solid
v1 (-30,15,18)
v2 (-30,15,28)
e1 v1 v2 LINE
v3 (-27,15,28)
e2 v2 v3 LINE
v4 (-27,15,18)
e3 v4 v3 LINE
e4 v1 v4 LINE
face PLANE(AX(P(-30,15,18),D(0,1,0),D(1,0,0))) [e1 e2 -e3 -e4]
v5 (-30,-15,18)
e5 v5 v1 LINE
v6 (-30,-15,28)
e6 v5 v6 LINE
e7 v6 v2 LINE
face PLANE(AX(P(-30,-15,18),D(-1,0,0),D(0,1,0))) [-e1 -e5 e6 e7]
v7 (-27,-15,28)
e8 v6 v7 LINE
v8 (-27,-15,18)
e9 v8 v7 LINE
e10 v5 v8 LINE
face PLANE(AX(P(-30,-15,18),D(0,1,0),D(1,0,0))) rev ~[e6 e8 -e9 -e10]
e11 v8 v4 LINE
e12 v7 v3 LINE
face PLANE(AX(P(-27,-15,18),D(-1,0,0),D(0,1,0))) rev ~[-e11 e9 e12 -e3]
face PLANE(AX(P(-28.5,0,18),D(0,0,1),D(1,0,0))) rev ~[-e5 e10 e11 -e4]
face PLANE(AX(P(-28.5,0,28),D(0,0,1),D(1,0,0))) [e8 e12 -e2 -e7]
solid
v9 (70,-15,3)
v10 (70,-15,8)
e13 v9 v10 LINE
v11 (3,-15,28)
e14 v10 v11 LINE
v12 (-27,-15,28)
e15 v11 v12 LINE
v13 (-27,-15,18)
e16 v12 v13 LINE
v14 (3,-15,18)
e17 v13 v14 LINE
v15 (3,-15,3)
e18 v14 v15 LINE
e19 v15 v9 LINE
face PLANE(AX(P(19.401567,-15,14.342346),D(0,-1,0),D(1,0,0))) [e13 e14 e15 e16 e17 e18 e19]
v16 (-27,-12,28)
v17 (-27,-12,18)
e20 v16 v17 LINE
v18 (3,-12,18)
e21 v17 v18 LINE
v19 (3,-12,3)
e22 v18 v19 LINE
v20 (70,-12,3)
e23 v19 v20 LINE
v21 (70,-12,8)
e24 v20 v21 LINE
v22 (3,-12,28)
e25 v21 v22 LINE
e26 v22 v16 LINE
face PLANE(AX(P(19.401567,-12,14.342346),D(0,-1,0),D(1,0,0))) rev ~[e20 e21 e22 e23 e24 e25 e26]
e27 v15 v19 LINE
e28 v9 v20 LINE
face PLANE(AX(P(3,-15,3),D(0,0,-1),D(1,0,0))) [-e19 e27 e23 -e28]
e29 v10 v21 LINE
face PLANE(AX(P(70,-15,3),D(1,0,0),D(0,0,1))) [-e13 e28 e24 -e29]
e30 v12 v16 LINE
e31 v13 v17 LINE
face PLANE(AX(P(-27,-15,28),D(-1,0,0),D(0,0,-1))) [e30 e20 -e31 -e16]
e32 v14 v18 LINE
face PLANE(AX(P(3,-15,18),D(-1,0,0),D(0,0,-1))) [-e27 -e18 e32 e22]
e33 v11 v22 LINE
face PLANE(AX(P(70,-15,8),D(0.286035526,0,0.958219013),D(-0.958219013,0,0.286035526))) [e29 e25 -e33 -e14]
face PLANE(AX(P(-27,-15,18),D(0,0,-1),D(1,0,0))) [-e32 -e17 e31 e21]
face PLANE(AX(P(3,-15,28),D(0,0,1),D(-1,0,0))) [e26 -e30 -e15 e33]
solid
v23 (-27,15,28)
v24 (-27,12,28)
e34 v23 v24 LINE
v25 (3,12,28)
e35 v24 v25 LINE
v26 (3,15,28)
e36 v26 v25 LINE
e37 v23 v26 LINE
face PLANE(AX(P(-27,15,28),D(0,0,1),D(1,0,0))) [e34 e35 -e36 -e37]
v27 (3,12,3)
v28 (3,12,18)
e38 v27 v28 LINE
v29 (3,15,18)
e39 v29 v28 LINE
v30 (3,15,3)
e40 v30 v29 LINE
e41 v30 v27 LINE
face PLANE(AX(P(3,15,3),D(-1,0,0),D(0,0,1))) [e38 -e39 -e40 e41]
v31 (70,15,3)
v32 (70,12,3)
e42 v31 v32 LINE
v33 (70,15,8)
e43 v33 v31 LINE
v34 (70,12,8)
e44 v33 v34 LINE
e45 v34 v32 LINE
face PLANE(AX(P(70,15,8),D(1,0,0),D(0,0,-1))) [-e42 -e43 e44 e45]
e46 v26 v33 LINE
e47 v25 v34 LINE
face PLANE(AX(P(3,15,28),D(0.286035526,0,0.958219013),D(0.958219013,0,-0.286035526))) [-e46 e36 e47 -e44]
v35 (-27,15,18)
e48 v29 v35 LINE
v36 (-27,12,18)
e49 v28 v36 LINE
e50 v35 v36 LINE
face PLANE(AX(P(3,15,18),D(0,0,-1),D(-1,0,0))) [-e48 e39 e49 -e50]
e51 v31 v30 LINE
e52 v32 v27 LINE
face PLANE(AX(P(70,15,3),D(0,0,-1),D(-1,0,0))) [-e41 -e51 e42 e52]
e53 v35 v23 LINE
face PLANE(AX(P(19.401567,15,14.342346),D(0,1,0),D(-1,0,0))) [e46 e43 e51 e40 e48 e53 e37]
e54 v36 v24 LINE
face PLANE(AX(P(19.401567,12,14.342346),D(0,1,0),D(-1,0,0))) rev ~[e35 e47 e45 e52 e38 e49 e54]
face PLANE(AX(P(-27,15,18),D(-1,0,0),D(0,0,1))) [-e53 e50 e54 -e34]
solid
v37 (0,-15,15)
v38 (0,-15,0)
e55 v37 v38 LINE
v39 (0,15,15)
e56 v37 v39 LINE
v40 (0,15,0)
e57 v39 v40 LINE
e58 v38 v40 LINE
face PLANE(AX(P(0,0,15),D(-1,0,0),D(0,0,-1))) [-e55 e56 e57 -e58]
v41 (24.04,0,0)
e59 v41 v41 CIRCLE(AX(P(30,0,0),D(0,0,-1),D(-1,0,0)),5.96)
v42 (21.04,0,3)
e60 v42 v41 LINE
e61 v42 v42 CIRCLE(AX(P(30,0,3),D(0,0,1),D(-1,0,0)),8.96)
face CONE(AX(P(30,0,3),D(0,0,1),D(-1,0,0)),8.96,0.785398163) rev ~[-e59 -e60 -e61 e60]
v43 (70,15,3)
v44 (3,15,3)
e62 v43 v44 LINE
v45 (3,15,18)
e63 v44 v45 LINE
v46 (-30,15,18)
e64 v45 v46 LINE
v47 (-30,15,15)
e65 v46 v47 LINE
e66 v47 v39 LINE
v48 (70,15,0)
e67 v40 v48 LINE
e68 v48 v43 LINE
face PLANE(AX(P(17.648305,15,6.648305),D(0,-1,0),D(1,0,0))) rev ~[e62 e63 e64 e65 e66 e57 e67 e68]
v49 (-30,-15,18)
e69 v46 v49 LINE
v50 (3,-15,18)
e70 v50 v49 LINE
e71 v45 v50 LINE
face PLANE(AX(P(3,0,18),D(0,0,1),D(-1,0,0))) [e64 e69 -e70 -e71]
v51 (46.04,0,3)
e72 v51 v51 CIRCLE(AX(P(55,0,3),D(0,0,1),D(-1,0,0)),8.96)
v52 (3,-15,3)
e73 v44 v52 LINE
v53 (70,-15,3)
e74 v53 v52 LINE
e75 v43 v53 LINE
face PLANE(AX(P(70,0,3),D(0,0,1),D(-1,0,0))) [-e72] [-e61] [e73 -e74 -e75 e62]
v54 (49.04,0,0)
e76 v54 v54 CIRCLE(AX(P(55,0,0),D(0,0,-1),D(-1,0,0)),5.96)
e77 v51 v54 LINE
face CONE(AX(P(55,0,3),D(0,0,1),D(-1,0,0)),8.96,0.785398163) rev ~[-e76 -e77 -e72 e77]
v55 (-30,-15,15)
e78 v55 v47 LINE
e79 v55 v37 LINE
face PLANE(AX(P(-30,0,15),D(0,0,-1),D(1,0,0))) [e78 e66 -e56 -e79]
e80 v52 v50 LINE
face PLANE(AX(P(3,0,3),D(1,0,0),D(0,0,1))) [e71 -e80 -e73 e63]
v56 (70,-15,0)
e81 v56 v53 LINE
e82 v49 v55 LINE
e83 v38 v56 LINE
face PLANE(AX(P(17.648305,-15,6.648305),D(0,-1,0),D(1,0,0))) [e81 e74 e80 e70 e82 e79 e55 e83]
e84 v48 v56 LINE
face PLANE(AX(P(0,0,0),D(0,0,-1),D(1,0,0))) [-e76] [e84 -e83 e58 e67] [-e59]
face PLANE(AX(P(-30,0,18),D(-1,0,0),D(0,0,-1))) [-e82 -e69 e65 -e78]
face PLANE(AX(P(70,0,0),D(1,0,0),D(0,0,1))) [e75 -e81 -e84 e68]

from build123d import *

# Parameters (mm, degrees)
F1_DEPTH       = 15
F3_D           = 8.8
F3_CSINK_D     = 17.92
F3_CSINK_ANGLE = 90
F4_W           = 3
F4_H           = 30
F5_DEPTH       = 10
F8_DEPTH       = 3
F9_DEPTH       = 3


with BuildPart() as f1:
    # F0 (on Front) → F1 (new body, symmetric)
    with BuildSketch(Plane.XZ):
        Polygon((0, 3), (0, 0), (70, 0), (70, 3), (3, 3), (3, 18), (-30, 18), (-30, 15), (0, 15), align=None)
    extrude(amount=F1_DEPTH, both=True)

    # F3 (through all)
    with Locations(Plane.XY.offset(3)):
        with Locations((55, 0), (30, 0)):
            CounterSinkHole(F3_D / 2, F3_CSINK_D / 2, counter_sink_angle=F3_CSINK_ANGLE)


with BuildPart() as f5:
    # F4 (on face) → F5 (new body)
    with BuildSketch(Plane.XY.offset(18)):
        with Locations((-28.5, 0)):
            Rectangle(F4_W, F4_H)
    extrude(amount=F5_DEPTH)


with BuildPart() as f8:
    # F6 (on face) → F8 (new body)
    with BuildSketch(Plane.XZ.offset(15)):
        Polygon((3, 3), (70, 3), (70, 8), (3, 28), (-27, 28), (-27, 18), (3, 18), align=None)
    extrude(amount=-F8_DEPTH)


with BuildPart() as f9:
    # F7 (on face) → F9 (new body)
    with BuildSketch(Plane(origin=(0, 15, 0), x_dir=(-1, 0, 0), z_dir=(0, 1, 0))):
        Polygon((-3, 18), (27, 18), (27, 28), (-3, 28), (-70, 8), (-70, 3), (-3, 3), align=None)
    extrude(amount=-F9_DEPTH)


solid = Compound([f1.part, f5.part, f8.part, f9.part])
